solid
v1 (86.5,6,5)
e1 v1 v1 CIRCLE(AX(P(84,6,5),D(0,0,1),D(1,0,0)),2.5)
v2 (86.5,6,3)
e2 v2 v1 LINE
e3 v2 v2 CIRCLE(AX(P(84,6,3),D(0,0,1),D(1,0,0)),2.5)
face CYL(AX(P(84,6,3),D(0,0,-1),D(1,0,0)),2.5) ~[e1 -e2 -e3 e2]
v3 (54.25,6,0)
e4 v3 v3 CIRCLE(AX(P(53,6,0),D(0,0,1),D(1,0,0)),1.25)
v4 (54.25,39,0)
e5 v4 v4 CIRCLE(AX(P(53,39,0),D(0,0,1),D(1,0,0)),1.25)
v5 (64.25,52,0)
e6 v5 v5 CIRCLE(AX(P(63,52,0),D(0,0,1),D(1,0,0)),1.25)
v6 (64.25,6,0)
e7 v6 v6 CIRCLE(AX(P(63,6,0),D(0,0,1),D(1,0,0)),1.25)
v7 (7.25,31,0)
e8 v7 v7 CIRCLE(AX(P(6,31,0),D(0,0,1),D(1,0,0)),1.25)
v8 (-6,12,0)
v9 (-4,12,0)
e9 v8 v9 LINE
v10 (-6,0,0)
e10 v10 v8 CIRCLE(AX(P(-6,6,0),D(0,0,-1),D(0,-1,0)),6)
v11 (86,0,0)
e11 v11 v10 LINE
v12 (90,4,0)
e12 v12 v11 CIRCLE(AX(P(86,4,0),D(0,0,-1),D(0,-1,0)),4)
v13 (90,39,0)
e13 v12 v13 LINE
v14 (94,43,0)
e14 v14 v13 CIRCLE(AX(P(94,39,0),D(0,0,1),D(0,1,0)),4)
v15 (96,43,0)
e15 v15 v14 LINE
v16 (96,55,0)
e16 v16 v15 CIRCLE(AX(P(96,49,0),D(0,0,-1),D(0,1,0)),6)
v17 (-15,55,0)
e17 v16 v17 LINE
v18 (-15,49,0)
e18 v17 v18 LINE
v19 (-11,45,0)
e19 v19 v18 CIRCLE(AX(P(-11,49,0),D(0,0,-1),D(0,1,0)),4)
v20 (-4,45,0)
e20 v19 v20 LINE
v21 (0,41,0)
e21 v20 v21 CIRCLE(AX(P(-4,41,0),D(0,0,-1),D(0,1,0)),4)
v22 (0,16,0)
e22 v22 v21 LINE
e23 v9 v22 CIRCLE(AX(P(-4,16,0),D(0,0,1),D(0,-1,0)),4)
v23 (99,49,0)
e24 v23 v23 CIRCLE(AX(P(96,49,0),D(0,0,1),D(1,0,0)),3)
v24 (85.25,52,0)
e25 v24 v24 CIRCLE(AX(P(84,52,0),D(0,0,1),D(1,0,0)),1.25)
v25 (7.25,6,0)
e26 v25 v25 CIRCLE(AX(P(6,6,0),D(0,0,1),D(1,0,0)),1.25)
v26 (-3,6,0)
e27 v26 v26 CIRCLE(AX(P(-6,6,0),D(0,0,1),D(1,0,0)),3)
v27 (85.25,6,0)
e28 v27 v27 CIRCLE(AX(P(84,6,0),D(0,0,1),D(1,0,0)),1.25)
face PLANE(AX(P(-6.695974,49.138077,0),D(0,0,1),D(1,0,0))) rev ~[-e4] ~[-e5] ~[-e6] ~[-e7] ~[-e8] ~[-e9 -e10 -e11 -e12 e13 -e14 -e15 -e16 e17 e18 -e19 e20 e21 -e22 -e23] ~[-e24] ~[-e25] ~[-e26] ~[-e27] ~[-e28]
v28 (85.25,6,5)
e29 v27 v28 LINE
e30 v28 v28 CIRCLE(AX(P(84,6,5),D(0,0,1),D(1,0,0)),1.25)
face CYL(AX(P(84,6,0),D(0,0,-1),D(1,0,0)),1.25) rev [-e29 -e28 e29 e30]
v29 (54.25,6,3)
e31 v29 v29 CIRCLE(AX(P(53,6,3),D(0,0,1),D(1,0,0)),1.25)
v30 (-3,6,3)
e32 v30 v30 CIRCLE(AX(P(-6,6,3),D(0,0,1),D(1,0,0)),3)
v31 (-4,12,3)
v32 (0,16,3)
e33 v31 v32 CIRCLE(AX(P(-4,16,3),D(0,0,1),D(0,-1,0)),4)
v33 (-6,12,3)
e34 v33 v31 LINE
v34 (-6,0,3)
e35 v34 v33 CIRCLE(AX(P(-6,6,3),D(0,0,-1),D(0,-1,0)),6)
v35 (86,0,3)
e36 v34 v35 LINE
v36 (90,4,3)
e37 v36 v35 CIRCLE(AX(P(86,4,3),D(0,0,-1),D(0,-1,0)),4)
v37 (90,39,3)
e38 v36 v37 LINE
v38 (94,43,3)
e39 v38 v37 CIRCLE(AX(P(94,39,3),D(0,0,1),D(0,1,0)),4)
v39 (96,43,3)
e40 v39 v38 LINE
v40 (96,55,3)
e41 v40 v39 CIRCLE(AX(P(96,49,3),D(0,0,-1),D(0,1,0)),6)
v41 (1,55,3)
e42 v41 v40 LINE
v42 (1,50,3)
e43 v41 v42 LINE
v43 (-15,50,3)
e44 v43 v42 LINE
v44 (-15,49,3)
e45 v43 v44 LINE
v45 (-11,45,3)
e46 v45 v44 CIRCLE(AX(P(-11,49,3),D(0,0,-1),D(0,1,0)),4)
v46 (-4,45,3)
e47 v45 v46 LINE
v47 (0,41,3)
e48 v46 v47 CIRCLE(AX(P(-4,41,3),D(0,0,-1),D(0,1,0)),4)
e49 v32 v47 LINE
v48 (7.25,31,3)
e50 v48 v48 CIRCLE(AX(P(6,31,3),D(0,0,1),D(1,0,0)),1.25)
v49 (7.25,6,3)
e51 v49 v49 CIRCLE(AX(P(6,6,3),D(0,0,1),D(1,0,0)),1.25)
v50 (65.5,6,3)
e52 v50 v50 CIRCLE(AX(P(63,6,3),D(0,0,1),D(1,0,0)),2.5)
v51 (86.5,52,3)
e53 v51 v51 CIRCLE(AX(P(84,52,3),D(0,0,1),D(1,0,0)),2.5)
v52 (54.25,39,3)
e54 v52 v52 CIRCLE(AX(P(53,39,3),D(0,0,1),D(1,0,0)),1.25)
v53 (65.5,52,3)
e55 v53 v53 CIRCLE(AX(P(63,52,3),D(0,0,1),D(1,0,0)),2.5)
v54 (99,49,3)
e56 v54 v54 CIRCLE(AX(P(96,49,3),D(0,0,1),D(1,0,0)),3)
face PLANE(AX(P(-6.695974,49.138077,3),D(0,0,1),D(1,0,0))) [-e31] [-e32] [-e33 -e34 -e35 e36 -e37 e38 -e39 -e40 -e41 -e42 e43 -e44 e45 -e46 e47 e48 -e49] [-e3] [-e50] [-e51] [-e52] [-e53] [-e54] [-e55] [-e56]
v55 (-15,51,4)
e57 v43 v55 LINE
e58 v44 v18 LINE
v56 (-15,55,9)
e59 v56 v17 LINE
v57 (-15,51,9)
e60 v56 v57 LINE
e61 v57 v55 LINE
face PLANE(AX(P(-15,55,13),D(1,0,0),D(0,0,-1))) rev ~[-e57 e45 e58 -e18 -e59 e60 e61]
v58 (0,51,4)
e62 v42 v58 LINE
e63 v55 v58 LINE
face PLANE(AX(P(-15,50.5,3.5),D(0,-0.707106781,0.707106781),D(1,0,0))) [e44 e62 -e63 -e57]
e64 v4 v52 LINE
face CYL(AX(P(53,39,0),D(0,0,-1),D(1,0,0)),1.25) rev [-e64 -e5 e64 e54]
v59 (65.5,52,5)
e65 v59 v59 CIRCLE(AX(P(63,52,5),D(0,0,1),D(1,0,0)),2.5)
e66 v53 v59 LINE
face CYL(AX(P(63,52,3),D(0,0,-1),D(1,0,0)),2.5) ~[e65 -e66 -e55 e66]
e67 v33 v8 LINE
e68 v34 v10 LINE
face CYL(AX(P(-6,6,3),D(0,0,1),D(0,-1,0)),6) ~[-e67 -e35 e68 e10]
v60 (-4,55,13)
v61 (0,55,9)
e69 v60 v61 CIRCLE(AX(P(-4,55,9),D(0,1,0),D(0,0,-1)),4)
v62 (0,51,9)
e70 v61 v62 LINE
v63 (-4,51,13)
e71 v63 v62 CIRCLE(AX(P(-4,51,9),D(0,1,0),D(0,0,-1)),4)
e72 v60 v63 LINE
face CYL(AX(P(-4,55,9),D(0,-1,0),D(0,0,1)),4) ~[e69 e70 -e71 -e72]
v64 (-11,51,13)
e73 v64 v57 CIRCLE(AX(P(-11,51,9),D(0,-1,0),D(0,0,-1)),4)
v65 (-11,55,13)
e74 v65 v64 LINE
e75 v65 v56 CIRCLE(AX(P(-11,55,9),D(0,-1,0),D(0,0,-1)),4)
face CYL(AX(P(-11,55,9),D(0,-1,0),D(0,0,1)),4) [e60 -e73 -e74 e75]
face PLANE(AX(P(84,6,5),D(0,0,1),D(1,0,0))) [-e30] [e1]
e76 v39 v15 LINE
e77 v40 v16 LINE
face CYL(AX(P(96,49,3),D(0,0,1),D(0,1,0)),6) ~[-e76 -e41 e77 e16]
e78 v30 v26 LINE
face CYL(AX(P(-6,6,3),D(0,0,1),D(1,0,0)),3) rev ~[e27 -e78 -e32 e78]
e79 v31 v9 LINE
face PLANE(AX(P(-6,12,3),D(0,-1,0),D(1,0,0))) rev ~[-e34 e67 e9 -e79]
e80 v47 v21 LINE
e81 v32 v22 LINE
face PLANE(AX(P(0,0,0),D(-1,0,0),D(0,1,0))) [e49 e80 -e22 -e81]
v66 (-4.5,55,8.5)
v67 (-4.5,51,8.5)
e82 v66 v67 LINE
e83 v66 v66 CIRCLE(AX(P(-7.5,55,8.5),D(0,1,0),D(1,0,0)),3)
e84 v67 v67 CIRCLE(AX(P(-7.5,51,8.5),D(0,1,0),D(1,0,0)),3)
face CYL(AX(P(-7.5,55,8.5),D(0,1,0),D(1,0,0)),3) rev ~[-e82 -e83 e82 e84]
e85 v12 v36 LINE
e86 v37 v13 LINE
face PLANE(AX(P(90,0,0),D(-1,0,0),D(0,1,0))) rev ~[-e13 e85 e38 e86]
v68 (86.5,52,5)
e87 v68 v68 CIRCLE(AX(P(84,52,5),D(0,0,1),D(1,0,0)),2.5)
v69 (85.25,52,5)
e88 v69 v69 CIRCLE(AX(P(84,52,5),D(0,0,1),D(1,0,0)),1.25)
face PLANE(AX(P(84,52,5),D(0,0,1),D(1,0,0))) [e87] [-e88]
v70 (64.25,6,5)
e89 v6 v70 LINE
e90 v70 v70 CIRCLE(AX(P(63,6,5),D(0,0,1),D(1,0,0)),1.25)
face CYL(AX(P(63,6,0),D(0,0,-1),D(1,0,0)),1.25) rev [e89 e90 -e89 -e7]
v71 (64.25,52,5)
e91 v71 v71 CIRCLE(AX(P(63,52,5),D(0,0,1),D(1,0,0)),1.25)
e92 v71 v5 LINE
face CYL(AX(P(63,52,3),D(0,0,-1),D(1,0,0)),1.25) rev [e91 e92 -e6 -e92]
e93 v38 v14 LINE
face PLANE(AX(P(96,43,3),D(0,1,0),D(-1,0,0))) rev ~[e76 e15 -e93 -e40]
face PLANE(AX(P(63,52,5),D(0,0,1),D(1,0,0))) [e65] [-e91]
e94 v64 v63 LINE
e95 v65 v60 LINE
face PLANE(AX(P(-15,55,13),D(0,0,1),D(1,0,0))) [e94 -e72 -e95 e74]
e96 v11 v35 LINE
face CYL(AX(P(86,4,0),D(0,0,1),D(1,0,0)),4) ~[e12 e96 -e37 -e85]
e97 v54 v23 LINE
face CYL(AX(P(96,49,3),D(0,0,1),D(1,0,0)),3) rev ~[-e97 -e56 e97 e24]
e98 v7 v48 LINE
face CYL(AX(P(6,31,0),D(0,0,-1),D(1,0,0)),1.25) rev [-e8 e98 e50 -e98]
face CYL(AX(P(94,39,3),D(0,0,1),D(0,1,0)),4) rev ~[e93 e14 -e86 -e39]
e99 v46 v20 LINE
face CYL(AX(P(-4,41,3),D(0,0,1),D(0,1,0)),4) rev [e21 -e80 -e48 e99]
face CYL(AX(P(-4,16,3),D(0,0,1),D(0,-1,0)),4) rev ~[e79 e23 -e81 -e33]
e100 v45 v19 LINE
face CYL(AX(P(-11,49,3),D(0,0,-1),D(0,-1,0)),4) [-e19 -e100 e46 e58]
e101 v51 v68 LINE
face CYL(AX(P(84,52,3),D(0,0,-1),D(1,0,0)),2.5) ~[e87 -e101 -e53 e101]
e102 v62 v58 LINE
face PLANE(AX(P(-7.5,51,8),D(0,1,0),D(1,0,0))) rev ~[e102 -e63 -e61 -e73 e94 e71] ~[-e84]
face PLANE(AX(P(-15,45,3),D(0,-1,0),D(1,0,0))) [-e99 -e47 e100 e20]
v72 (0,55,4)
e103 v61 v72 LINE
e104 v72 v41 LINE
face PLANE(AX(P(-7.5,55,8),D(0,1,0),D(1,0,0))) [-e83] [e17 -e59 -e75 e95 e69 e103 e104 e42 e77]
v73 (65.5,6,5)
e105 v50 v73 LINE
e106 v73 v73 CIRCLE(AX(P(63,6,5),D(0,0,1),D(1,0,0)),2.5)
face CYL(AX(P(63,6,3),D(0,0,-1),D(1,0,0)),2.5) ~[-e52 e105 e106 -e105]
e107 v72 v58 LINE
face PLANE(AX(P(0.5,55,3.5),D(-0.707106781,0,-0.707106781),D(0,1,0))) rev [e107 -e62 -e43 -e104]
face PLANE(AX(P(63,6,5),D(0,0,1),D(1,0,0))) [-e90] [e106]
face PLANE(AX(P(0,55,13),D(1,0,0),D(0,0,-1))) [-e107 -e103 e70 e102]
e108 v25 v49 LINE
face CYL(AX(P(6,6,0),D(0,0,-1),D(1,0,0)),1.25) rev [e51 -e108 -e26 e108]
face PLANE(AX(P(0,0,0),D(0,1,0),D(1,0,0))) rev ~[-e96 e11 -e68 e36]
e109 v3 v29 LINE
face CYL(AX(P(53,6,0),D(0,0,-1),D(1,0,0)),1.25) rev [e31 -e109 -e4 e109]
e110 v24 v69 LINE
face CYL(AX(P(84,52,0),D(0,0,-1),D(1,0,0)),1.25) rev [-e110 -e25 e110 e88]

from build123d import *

# Parameters (mm, degrees)
SKETCH_1_W      = 90
SKETCH_1_H      = 55
SKETCH_1_R      = 1.25
EXTRUDE_1_DEPTH = 3
SKETCH_2_R      = 3
EXTRUDE_2_DEPTH = 3
SKETCH_3_W      = 15
SKETCH_3_H      = 10
SKETCH_3_R      = 3
EXTRUDE_3_DEPTH = 4
CHAMFER_1_SIZE  = 1
SKETCH_4_R      = 2.5
SKETCH_4_R_2    = 1.25
EXTRUDE_4_DEPTH = 2
FILLET_1_R      = 4


with BuildPart() as part:
    # Эскиз1 → Бобышка-Вытянуть1 (new body)
    with BuildSketch(Plane.XY):
        with Locations((45, 27.5)):
            Rectangle(SKETCH_1_W, SKETCH_1_H)
        with Locations((6, 31)):
            Circle(SKETCH_1_R, mode=Mode.SUBTRACT)
        with Locations((6, 6)):
            Circle(SKETCH_1_R, mode=Mode.SUBTRACT)
        with Locations((53, 39)):
            Circle(SKETCH_1_R, mode=Mode.SUBTRACT)
        with Locations((53, 6)):
            Circle(SKETCH_1_R, mode=Mode.SUBTRACT)
        with Locations((63, 6)):
            Circle(SKETCH_1_R, mode=Mode.SUBTRACT)
        with Locations((63, 52)):
            Circle(SKETCH_1_R, mode=Mode.SUBTRACT)
        with Locations((84, 52)):
            Circle(SKETCH_1_R, mode=Mode.SUBTRACT)
        with Locations((84, 6)):
            Circle(SKETCH_1_R, mode=Mode.SUBTRACT)
    extrude(amount=EXTRUDE_1_DEPTH)

    # Эскиз2 → Бобышка-Вытянуть2 (add)
    with BuildSketch(Plane.XY.offset(3)):
        with BuildLine():
            Line((0, 55), (-15, 55))
            Line((-15, 55), (-15, 45))
            Line((-15, 45), (-4, 45))
            ThreePointArc((-4, 45), (-1.171572875, 43.828427125), (0, 41))
            Line((0, 41), (0, 55))
        make_face()
        with BuildLine():
            Line((0, 0), (-6, 0))
            ThreePointArc((-6, 0), (-12, 6), (-6, 12))
            Line((-6, 12), (-4, 12))
            ThreePointArc((-4, 12), (-1.171572875, 13.171572875), (0, 16))
            Line((0, 16), (0, 0))
        make_face()
        with Locations((-6, 6)):
            Circle(SKETCH_2_R, mode=Mode.SUBTRACT)
        with BuildLine():
            Line((90, 55), (96, 55))
            ThreePointArc((96, 55), (102, 49), (96, 43))
            Line((96, 43), (94, 43))
            ThreePointArc((94, 43), (91.171572875, 41.828427125), (90, 39))
            Line((90, 39), (90, 55))
        make_face()
        with Locations((96, 49)):
            Circle(SKETCH_2_R, mode=Mode.SUBTRACT)
    extrude(amount=-EXTRUDE_2_DEPTH)

    # Эскиз3 → Бобышка-Вытянуть3 (add)
    with BuildSketch(Plane(origin=(0, 55, 0), x_dir=(1, 0, 0), z_dir=(0, 1, 0))):
        with Locations((-7.5, -8)):
            Rectangle(SKETCH_3_W, SKETCH_3_H)
        with Locations((-7.5, -8.5)):
            Circle(SKETCH_3_R, mode=Mode.SUBTRACT)
    extrude(amount=-EXTRUDE_3_DEPTH)

    # Фаска1
    chamfer_1_edges = [part.edges().sort_by_distance(p)[0] for p in [
        (-7.5, 51, 3),
        (0, 53, 3),
    ]]
    chamfer(chamfer_1_edges, length=CHAMFER_1_SIZE)

    # Эскиз4 → Бобышка-Вытянуть4 (add)
    with BuildSketch(Plane.XY.offset(3)):
        with Locations((63, 52)):
            Circle(SKETCH_4_R)
        with Locations((63, 52)):
            Circle(SKETCH_4_R_2, mode=Mode.SUBTRACT)
        with Locations((84, 52)):
            Circle(SKETCH_4_R)
        with Locations((84, 52)):
            Circle(SKETCH_4_R_2, mode=Mode.SUBTRACT)
        with Locations((63, 6)):
            Circle(SKETCH_4_R)
        with Locations((63, 6)):
            Circle(SKETCH_4_R_2, mode=Mode.SUBTRACT)
        with Locations((84, 6)):
            Circle(SKETCH_4_R)
        with Locations((84, 6)):
            Circle(SKETCH_4_R_2, mode=Mode.SUBTRACT)
    extrude(amount=EXTRUDE_4_DEPTH)

    # Скругление1
    fillet_1_edges = [part.edges().sort_by_distance(p)[0] for p in [
        (-15, 45, 1.5),
        (90, 0, 1.5),
        (-15, 53, 13),
        (0, 53, 13),
    ]]
    fillet(fillet_1_edges, radius=FILLET_1_R)


solid = part.part
